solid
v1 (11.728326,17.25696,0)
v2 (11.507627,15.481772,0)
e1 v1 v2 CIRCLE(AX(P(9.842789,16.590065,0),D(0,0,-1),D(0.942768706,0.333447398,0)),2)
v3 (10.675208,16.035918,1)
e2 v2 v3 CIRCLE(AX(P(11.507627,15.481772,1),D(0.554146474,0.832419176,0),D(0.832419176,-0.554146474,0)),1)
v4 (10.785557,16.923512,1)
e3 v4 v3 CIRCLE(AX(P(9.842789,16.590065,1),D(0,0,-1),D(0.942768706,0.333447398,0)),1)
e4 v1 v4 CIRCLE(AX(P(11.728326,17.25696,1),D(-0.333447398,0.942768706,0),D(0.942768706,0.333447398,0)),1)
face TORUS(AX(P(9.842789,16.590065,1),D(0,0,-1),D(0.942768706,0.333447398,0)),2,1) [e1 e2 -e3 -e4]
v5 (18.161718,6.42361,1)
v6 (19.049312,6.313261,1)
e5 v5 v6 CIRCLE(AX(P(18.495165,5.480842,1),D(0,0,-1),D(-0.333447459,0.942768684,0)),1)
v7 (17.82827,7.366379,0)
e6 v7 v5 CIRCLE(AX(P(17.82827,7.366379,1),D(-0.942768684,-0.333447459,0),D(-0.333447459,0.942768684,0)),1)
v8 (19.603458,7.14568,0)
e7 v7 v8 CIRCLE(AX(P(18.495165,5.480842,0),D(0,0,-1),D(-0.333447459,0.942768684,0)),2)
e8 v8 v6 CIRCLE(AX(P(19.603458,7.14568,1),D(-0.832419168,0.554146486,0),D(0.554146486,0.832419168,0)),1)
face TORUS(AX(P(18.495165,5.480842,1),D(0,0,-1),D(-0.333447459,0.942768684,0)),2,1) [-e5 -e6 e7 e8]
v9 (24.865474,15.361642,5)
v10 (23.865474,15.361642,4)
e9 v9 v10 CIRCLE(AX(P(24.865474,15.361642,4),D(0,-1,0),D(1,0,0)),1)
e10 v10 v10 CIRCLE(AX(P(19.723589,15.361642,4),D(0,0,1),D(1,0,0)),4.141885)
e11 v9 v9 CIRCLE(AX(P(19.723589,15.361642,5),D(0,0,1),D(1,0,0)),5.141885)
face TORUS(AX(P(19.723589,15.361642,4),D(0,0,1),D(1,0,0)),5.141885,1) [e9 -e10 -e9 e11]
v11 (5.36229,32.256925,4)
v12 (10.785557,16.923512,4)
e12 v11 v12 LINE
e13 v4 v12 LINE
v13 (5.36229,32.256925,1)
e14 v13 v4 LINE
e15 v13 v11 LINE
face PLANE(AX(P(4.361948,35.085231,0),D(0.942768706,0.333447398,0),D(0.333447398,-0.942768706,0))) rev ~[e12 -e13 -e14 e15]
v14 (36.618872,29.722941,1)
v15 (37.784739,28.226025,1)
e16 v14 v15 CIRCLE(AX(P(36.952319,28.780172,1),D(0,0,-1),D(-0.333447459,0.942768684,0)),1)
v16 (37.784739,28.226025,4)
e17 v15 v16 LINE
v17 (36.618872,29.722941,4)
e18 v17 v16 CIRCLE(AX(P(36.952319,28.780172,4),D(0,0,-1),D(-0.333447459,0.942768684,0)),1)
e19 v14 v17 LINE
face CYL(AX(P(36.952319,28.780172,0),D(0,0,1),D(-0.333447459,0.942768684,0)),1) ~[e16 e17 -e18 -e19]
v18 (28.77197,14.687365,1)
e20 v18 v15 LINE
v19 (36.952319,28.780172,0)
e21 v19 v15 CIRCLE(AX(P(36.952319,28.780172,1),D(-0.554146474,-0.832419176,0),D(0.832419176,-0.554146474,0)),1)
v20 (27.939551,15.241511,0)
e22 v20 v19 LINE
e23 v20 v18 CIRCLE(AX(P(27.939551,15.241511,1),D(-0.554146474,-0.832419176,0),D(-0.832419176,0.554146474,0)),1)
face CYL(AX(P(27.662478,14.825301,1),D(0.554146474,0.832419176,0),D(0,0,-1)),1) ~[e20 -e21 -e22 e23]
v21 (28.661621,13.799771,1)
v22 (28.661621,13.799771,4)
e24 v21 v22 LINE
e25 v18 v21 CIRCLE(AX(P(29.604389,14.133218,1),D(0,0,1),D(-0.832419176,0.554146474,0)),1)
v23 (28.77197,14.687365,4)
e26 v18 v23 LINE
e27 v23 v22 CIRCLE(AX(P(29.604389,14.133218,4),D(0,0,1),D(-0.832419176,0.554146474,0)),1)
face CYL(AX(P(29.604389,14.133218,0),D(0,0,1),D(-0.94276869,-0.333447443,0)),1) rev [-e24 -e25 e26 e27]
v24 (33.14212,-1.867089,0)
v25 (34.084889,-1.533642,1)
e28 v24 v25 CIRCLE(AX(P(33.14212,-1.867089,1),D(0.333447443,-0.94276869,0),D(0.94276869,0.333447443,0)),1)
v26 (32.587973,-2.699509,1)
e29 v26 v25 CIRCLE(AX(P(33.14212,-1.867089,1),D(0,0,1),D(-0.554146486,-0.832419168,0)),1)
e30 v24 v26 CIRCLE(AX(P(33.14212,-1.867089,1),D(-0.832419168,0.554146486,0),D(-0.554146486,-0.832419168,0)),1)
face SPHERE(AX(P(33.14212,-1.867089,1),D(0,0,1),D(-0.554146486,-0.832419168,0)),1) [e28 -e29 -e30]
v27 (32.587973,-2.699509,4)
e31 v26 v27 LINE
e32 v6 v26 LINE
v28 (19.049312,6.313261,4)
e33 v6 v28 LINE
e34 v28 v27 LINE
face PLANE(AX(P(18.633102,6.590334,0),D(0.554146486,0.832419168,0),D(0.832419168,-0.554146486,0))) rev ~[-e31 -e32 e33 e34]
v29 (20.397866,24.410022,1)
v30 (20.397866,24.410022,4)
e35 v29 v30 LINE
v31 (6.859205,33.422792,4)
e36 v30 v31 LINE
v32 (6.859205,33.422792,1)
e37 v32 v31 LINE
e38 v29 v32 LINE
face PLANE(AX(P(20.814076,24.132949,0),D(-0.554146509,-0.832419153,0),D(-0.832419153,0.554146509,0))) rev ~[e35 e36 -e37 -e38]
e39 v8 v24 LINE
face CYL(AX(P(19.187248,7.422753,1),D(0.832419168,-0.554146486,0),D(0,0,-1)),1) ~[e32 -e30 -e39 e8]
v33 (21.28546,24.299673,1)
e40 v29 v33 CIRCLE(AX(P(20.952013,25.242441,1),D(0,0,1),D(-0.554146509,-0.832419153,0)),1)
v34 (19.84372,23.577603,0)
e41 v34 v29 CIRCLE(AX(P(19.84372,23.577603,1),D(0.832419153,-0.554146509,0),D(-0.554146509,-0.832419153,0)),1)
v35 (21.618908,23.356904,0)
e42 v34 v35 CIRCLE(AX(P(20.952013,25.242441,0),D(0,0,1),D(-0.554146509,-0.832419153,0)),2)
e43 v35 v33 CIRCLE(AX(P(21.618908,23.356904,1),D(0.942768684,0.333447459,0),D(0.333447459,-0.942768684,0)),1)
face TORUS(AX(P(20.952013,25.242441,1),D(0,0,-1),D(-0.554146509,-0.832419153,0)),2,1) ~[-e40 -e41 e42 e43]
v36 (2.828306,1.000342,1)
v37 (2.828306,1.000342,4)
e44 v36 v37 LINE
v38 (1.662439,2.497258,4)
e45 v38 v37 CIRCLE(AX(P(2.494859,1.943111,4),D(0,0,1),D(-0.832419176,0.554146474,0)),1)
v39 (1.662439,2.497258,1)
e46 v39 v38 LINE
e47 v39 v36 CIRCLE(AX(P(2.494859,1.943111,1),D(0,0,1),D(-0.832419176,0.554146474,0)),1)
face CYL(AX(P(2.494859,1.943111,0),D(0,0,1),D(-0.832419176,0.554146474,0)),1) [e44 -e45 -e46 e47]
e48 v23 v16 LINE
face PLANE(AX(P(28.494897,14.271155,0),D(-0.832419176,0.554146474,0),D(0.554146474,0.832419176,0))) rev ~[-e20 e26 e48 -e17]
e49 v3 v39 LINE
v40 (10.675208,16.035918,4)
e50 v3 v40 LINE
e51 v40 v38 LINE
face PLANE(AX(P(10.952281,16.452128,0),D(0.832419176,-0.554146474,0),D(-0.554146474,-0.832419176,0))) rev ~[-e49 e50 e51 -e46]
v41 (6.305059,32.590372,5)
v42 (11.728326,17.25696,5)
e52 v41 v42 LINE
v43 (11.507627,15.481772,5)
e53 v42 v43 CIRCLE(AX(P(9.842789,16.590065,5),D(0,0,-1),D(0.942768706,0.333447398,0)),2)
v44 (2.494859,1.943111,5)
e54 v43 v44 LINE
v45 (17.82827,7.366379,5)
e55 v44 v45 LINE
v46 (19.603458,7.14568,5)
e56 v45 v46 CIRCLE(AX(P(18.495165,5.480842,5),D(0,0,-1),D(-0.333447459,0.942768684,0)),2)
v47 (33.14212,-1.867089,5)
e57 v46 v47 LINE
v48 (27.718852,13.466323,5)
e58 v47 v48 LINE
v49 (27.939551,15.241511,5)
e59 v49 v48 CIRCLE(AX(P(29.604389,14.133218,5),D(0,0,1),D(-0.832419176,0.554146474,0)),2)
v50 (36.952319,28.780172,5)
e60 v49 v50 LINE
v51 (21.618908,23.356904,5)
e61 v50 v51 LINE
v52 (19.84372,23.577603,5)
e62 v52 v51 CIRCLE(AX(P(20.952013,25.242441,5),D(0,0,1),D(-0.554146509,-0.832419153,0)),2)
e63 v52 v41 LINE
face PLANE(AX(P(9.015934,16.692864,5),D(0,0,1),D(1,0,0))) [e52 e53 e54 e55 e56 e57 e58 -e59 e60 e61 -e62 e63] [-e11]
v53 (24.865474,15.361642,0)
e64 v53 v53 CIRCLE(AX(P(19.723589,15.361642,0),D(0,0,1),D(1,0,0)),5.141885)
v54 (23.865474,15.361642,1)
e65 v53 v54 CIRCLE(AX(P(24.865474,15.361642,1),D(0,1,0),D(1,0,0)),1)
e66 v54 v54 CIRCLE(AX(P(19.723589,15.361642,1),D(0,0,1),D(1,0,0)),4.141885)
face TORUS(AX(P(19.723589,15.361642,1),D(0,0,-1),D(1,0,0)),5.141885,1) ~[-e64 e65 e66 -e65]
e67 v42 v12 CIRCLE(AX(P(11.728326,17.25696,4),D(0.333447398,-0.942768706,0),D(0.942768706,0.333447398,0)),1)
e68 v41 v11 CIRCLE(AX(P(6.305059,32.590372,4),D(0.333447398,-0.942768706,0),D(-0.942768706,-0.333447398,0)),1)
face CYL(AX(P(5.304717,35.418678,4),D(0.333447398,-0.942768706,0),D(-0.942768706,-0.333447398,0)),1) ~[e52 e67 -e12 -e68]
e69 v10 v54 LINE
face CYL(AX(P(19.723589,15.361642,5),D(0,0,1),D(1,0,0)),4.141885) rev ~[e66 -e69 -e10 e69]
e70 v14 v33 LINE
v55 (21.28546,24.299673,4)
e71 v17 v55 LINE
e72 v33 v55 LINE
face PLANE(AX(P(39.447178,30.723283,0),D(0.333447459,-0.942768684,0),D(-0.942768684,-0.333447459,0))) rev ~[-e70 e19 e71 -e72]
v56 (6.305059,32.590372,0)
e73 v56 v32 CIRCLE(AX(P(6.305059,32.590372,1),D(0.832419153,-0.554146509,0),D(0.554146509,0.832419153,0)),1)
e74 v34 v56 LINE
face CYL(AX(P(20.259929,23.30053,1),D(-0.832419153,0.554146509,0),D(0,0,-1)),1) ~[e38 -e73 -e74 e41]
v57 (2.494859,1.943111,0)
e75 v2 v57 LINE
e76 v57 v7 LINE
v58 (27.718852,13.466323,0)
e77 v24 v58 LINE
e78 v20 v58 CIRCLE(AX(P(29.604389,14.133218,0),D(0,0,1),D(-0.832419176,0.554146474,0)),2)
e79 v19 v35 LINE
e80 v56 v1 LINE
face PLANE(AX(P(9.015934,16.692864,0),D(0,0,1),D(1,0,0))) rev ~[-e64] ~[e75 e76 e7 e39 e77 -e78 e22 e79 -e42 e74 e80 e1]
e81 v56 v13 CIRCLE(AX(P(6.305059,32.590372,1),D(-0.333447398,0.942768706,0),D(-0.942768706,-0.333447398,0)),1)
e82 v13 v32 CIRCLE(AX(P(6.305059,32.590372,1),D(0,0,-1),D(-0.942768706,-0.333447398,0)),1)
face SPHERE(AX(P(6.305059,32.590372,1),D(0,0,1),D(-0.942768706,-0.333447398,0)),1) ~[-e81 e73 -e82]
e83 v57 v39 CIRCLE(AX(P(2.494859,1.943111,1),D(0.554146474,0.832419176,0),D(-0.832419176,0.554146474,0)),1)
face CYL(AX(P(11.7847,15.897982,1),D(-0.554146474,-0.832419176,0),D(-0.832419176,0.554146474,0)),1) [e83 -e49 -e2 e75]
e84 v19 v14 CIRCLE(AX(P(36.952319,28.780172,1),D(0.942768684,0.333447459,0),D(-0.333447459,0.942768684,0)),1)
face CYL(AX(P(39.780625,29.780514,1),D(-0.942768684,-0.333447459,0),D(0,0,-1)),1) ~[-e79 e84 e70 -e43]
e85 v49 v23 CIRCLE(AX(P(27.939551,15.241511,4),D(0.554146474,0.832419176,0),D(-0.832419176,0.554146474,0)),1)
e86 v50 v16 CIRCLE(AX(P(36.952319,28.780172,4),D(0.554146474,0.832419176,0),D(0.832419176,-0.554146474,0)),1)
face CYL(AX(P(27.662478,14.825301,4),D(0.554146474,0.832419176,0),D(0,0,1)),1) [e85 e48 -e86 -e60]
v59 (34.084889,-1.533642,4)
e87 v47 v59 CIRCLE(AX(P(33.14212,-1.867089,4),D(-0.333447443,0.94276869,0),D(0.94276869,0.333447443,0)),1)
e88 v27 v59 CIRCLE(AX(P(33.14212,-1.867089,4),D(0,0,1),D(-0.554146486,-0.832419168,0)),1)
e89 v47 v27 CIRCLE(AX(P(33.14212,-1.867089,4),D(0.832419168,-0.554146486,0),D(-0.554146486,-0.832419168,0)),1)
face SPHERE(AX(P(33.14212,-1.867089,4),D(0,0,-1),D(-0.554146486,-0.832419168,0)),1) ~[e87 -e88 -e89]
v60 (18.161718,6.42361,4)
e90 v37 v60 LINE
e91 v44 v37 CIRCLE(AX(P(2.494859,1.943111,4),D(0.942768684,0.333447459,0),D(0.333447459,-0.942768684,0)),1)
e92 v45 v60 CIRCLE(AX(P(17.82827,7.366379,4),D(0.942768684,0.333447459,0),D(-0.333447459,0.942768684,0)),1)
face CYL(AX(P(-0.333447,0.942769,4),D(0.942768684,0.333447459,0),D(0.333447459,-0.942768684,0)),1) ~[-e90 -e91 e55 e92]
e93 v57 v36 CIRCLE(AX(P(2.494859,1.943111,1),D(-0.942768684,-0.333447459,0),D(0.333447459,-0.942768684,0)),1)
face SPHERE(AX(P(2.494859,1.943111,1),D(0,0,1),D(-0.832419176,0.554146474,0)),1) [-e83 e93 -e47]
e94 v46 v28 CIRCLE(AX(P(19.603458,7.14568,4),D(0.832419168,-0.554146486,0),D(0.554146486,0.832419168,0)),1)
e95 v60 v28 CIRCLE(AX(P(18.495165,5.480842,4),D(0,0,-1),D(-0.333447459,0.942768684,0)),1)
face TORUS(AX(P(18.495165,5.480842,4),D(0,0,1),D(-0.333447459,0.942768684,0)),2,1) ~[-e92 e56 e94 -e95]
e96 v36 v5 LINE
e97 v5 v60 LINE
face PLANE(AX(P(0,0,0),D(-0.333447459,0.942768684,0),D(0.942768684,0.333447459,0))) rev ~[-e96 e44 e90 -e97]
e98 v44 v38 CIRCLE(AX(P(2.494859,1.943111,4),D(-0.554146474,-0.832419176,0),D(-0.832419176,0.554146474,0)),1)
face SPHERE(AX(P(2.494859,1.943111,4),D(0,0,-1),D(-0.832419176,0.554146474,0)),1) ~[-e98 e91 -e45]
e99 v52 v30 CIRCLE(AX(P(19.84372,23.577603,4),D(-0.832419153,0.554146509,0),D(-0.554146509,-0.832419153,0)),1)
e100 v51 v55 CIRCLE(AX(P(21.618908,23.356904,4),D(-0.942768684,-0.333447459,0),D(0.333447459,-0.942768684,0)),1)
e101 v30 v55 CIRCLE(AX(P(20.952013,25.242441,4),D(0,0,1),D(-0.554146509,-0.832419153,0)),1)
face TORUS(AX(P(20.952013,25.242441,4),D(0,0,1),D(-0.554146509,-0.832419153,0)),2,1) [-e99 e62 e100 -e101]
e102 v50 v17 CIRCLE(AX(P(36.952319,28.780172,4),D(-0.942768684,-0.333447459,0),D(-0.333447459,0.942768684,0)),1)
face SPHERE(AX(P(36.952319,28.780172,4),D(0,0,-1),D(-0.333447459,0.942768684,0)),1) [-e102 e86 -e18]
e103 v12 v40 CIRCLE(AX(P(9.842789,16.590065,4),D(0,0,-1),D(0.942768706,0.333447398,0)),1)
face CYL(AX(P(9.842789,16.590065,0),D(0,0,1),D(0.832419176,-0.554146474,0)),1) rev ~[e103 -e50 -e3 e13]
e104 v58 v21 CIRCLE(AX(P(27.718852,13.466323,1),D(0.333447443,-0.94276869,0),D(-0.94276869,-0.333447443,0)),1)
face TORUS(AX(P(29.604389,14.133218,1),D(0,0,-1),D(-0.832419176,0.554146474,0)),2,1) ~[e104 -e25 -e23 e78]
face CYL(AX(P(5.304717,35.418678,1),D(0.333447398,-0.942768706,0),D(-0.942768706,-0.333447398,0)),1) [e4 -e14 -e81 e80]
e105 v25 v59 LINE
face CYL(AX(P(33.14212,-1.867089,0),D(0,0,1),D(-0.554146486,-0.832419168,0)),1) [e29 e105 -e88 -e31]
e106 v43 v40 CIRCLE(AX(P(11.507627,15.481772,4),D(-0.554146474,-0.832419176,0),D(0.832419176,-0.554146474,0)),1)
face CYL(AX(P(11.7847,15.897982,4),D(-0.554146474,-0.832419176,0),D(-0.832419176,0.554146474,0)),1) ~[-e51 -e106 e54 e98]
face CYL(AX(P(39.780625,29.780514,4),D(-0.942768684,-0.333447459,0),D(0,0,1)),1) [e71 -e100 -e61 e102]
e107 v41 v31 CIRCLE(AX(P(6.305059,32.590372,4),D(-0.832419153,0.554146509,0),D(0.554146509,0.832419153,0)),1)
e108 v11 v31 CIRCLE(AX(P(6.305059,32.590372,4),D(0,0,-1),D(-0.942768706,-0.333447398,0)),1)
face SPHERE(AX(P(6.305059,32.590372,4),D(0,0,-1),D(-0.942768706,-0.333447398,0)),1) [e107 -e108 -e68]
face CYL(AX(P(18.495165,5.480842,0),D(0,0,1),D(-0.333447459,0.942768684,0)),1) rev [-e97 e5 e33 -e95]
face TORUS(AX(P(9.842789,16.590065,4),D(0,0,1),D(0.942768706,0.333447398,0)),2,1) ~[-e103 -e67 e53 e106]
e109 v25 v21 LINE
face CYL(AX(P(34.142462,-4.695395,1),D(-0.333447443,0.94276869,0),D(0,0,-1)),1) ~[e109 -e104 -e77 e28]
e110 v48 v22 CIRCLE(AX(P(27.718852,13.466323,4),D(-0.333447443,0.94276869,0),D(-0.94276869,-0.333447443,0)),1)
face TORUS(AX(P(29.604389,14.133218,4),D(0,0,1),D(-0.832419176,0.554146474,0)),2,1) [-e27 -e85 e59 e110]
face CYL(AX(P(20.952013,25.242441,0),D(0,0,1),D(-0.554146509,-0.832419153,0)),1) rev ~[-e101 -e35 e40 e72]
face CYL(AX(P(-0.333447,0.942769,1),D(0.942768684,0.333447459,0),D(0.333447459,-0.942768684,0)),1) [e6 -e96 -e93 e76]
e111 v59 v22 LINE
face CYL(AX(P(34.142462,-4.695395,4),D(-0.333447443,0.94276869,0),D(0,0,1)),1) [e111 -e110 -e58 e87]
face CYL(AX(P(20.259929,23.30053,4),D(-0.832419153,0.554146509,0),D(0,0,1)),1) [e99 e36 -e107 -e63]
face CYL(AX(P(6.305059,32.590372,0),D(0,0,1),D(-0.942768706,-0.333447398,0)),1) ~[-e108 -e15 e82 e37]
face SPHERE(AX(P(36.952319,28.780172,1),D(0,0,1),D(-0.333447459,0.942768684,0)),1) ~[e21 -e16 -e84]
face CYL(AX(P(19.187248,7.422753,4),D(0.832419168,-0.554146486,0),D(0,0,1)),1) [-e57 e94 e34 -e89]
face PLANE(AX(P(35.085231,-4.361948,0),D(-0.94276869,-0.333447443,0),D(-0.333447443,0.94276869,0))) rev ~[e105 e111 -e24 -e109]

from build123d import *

# Parameters (mm, degrees)
F1_DEPTH = 5
F2_R     = 4.141885
F3_DEPTH = 25
F4_R     = 1


with BuildPart() as f1:
    # F0 (on Top) → F1 (new body)
    with BuildSketch(Plane.XY):
        Polygon((10.952281, 16.452128), (0, 0), (19.723589, 15.361642), (4.361948, 35.085231), align=None)
        Polygon((19.723589, 15.361642), (0, 0), (18.633102, 6.590334), (35.085231, -4.361948), align=None)
        Polygon((39.447178, 30.723283), (19.723589, 15.361642), (35.085231, -4.361948), (28.494897, 14.271155), align=None)
        Polygon((4.361948, 35.085231), (19.723589, 15.361642), (39.447178, 30.723283), (20.814076, 24.132949), align=None)
    extrude(amount=F1_DEPTH)

    # F2 (on face) → F3 (cut)
    with BuildSketch(Plane.XY.offset(5)):
        with Locations((19.723589, 15.361642)):
            Circle(F2_R)
    extrude(amount=-F3_DEPTH, mode=Mode.SUBTRACT)

    # F4
    f4_edges = [f1.edges().sort_by_distance(p)[0] for p in [
        (7.657115, 25.76868, 5),
        (12.588012, 29.60909, 5),
        (5.476141, 8.226064, 5),
        (30.130627, 27.428116, 5),
        (9.316551, 3.295167, 5),
        (33.971038, 22.497219, 5),
        (26.859166, 1.114193, 5),
        (31.790064, 4.954604, 5),
        (15.581704, 15.361642, 5),
        (7.657115, 25.76868, 0),
        (12.588012, 29.60909, 0),
        (5.476141, 8.226064, 0),
        (30.130627, 27.428116, 0),
        (9.316551, 3.295167, 0),
        (33.971038, 22.497219, 0),
        (26.859166, 1.114193, 0),
        (31.790064, 4.954604, 0),
        (15.581704, 15.361642, 0),
        (35.085231, -4.361948, 2.5),
        (28.494897, 14.271155, 2.5),
        (39.447178, 30.723283, 2.5),
        (20.814076, 24.132949, 2.5),
        (4.361948, 35.085231, 2.5),
        (10.952281, 16.452128, 2.5),
        (0, 0, 2.5),
        (18.633102, 6.590334, 2.5),
    ]]
    fillet(f4_edges, radius=F4_R)


solid = f1.part
